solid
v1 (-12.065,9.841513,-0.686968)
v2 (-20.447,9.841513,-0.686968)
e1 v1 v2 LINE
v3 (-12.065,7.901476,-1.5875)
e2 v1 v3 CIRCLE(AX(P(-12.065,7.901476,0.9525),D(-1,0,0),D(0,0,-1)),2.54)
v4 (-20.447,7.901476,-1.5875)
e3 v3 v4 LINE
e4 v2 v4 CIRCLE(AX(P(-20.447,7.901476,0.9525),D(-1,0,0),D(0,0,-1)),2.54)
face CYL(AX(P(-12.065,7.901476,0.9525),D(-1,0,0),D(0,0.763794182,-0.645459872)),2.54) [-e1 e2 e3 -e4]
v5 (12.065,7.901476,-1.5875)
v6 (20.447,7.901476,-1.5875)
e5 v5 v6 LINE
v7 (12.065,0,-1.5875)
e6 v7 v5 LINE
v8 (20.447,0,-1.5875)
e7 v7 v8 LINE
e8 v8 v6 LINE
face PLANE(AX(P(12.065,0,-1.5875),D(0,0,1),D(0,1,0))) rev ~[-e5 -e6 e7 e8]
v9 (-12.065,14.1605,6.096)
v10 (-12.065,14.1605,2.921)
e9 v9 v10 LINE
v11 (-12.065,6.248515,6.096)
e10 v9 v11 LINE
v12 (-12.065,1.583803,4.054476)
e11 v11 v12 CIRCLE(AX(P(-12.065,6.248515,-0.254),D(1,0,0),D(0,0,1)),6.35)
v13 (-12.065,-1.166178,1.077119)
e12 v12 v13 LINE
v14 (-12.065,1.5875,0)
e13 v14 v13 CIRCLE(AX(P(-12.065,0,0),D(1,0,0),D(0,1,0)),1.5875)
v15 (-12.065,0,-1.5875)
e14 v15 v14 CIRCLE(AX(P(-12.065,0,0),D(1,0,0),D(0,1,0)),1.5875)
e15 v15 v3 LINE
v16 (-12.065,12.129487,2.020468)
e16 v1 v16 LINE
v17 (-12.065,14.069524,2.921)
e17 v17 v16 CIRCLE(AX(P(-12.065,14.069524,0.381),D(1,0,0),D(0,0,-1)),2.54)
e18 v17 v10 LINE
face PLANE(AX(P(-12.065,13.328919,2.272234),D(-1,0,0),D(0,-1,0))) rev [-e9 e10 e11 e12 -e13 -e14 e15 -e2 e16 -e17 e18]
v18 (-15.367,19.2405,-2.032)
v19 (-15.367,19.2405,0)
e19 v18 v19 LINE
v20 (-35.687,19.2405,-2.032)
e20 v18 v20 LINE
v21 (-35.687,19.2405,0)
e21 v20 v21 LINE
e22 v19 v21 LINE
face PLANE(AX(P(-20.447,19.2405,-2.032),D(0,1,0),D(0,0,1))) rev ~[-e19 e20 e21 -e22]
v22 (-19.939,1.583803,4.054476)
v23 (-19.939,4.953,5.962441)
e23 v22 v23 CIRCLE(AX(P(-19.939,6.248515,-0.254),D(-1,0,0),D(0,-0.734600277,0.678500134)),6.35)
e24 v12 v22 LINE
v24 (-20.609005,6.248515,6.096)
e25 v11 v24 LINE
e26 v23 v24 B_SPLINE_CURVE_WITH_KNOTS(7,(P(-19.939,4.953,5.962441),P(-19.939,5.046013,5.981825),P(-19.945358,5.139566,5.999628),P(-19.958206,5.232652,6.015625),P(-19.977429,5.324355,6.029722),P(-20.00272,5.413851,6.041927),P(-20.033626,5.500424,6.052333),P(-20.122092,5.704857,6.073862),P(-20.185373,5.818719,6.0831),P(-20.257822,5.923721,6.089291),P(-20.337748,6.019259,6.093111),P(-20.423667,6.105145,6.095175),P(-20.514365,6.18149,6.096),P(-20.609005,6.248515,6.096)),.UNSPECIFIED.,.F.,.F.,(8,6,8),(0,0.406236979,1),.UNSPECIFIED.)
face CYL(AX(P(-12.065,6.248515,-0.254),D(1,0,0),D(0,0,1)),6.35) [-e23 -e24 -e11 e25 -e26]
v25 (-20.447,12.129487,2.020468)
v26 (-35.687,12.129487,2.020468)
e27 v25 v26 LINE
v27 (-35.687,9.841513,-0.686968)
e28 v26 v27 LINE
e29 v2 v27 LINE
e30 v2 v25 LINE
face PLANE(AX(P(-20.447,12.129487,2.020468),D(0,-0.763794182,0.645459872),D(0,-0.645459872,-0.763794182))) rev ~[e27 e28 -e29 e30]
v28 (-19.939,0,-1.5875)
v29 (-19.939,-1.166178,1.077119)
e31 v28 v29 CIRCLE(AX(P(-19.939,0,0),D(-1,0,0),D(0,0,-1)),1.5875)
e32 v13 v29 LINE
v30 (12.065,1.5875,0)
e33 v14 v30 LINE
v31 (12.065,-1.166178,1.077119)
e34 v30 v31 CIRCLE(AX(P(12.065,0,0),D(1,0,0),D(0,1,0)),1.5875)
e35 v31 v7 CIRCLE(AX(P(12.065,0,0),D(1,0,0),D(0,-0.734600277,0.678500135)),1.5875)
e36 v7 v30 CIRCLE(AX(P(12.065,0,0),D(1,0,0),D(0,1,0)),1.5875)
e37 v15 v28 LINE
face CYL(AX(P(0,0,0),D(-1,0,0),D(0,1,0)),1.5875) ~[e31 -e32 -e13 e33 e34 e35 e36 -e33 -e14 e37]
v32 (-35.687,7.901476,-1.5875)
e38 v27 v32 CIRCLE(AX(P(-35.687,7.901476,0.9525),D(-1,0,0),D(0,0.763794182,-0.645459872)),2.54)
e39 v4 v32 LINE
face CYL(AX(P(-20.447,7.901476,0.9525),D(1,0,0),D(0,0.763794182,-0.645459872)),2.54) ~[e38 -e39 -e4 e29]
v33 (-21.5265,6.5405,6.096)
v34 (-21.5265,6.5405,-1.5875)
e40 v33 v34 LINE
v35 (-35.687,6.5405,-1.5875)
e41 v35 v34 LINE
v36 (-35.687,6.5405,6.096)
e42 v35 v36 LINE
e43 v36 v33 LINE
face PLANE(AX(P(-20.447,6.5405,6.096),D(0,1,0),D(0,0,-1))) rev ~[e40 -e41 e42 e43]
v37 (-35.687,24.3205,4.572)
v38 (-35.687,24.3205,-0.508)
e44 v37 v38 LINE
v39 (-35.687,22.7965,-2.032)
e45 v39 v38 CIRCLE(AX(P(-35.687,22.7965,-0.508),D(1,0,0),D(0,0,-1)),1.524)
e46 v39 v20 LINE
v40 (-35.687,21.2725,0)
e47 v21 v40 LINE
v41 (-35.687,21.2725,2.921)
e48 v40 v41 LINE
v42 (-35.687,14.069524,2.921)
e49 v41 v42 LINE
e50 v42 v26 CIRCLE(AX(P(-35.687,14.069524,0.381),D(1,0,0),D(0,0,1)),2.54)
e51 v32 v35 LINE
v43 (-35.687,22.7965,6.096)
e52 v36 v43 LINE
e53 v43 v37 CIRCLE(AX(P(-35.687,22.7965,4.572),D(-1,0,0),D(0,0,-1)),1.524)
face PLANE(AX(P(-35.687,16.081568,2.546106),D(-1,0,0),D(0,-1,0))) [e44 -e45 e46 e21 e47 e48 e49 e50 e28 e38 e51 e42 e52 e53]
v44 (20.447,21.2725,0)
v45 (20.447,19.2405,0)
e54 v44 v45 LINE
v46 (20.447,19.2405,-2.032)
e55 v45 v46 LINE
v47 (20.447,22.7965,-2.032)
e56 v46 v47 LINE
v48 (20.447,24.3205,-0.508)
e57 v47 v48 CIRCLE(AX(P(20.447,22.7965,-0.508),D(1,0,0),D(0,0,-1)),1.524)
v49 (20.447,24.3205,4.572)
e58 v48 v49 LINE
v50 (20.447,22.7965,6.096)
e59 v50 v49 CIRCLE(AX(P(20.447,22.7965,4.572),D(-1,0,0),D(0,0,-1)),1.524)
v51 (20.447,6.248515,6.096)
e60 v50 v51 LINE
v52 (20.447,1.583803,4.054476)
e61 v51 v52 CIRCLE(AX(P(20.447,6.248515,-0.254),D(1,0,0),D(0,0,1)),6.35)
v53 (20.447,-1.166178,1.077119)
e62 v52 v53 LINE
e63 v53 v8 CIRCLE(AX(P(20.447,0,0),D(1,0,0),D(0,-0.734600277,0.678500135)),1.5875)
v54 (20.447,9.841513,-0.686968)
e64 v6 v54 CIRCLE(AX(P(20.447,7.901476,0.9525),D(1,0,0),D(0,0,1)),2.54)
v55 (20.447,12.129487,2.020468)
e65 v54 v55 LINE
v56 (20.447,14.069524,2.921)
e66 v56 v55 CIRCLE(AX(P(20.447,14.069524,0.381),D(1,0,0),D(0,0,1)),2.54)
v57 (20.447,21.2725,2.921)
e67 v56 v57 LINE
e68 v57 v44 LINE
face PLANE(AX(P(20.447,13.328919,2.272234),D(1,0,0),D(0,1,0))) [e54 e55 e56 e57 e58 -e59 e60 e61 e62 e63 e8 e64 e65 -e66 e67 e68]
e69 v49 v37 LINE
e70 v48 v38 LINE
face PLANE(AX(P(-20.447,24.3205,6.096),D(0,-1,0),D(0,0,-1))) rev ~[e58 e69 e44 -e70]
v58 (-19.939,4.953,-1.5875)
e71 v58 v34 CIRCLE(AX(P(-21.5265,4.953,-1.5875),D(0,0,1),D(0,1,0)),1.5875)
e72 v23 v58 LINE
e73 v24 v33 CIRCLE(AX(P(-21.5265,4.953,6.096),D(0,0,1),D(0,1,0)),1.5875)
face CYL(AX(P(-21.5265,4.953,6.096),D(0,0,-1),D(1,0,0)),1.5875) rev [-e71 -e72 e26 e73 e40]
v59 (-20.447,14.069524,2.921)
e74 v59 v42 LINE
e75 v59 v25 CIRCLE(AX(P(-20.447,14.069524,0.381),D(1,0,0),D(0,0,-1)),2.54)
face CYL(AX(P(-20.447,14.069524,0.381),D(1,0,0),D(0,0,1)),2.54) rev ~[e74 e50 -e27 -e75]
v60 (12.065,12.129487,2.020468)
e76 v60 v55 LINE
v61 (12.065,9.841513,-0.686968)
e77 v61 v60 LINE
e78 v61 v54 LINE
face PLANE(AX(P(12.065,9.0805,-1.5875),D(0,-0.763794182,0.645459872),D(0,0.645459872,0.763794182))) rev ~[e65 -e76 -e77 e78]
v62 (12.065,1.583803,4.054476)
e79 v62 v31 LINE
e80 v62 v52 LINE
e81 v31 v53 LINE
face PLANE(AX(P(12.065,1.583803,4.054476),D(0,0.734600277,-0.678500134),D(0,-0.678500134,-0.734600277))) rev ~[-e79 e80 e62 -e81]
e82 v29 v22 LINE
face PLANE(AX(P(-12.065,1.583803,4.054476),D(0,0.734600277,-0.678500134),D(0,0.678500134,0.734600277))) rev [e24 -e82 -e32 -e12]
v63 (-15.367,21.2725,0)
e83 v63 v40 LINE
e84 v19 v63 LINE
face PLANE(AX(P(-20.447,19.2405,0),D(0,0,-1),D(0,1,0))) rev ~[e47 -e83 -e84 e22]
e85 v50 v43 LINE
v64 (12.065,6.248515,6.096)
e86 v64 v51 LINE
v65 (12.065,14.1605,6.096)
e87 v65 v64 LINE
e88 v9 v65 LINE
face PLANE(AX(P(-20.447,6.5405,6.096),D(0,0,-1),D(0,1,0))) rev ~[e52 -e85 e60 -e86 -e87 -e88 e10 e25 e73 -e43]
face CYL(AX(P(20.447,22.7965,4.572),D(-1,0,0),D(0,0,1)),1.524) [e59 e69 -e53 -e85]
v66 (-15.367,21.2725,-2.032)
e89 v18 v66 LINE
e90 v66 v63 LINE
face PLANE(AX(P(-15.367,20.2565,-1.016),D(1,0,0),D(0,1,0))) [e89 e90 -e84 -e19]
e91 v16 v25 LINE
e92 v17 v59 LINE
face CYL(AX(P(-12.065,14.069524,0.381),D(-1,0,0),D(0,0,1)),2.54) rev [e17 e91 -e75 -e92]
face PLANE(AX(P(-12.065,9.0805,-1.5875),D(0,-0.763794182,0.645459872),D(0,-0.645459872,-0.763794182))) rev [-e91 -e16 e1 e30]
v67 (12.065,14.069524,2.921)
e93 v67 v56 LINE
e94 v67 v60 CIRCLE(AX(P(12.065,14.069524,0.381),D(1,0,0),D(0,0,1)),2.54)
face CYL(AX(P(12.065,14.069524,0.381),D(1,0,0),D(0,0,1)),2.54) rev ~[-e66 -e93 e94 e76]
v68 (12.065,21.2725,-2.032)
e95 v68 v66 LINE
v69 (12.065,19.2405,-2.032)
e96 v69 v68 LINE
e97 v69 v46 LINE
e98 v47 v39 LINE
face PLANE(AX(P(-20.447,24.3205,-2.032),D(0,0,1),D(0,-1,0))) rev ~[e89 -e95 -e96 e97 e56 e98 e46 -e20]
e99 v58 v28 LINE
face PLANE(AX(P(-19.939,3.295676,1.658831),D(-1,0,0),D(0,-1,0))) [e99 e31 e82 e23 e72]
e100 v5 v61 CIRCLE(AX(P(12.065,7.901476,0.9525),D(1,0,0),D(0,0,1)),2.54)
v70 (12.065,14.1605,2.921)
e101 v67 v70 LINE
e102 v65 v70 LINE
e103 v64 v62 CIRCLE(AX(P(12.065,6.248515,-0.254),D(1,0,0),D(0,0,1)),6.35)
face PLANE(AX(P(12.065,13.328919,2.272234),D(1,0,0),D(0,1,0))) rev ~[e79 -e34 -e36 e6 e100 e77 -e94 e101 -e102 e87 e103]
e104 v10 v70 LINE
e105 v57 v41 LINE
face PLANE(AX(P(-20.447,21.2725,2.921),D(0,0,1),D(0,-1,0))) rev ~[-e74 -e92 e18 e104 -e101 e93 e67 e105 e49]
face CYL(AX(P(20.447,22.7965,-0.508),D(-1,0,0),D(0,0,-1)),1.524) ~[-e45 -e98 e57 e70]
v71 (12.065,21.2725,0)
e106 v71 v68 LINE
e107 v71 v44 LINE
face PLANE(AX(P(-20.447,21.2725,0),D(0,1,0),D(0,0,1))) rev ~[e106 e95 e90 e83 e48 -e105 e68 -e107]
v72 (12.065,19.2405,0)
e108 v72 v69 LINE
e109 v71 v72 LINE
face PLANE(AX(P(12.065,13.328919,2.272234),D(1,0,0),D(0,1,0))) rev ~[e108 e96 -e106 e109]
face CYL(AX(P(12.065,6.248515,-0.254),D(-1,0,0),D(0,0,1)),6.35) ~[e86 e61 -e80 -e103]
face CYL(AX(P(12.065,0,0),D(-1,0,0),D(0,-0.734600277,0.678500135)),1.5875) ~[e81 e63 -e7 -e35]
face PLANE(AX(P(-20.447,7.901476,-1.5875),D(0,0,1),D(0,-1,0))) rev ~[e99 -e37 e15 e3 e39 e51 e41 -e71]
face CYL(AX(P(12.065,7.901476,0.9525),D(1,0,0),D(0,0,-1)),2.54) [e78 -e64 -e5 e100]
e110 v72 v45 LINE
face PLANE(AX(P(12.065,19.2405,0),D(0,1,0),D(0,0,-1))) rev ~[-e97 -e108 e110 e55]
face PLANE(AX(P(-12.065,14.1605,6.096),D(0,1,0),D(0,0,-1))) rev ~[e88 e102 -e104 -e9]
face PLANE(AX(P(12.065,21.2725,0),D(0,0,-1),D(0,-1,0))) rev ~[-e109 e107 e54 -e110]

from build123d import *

# Parameters (mm, degrees)
F0_R      = 1.5875
F1_DEPTH  = 12.065
F3_DEPTH  = 8.382
F6_DEPTH  = 24.13
F7_R      = 2.54
F9_DEPTH  = 15.24
F11_DEPTH = 0.508
F12_R     = 1.524
F13_W     = 2.032
F13_H     = 2.032
F14_DEPTH = 3.302
F15_R     = 1.5875


with BuildPart() as f1:
    # F0 (on Right) → F1 (new body)
    with BuildSketch(Plane.YZ):
        Circle(F0_R)
    extrude(amount=F1_DEPTH)

    # F2 (on face) → F3 (join)
    with BuildSketch(Plane.YZ.offset(12.065)):
        with BuildLine():
            Line((24.3205, -2.032), (24.3205, 6.096))
            Line((24.3205, 6.096), (6.2485151547, 6.096))
            ThreePointArc((6.2485151547, 6.096), (3.7025695222, 5.5632726287), (1.5838033934, 4.0544758539))
            Line((1.5838033934, 4.0544758539), (-1.1661779403, 1.0771189635))
            ThreePointArc((-1.1661779403, 1.0771189635), (-1.4543181572, -0.6364864081), (0, -1.5875))
            Line((0, -1.5875), (9.0805, -1.5875))
            Line((9.0805, -1.5875), (12.8905, 2.921))
            Line((12.8905, 2.921), (21.2725, 2.921))
            Line((21.2725, 2.921), (21.2725, 0))
            Line((21.2725, 0), (19.2405, 0))
            Line((19.2405, 0), (19.2405, -2.032))
            Line((19.2405, -2.032), (24.3205, -2.032))
        make_face()
    extrude(amount=F3_DEPTH)

    # F4: F1 across plane


with BuildPart() as f1_1:
    add(f1.part)
    add(f1.part.mirror(Plane.YZ))

    # F5 (on face) → F6 (join, through all)
    with BuildSketch(Plane.YZ.offset(-12.065)):
        Polygon((24.3205, -2.032), (24.3205, 6.096), (14.1605, 6.096), (14.1605, 2.921), (21.2725, 2.921), (21.2725, -2.032), align=None)
    extrude(amount=F6_DEPTH)

    # F7
    f7_edges = [f1_1.edges().sort_by_distance(p)[0] for p in [
        (16.256, 9.0805, -1.5875),
        (16.256, 12.8905, 2.921),
        (-16.256, 9.0805, -1.5875),
        (-16.256, 12.8905, 2.921),
    ]]
    fillet(f7_edges, radius=F7_R)

    # F8 (on face) → F9 (join)
    with BuildSketch(Plane(origin=(-20.447, 0, 0), x_dir=(0, -1, 0), z_dir=(-1, 0, 0))):
        with BuildLine():
            Line((-6.5405, 6.096), (-24.3205, 6.096))
            Line((-24.3205, 6.096), (-24.3205, -2.032))
            Line((-24.3205, -2.032), (-19.2405, -2.032))
            Line((-19.2405, -2.032), (-19.2405, 0))
            Line((-19.2405, 0), (-21.2725, 0))
            Line((-21.2725, 0), (-21.2725, 2.921))
            Line((-21.2725, 2.921), (-14.0695243298, 2.921))
            ThreePointArc((-14.0695243298, 2.921), (-13.0000966588, 2.6848933258), (-12.1294871065, 2.020468076))
            Line((-12.1294871065, 2.020468076), (-9.8415128935, -0.686968076))
            ThreePointArc((-9.8415128935, -0.686968076), (-8.9709033412, -1.3513933258), (-7.9014756702, -1.5875))
            Line((-7.9014756702, -1.5875), (-6.5405, -1.5875))
            Line((-6.5405, -1.5875), (-6.5405, 6.096))
        make_face()
    extrude(amount=F9_DEPTH)

    # F10 (on face) → F11 (cut)
    with BuildSketch(Plane(origin=(-20.447, 0, 0), x_dir=(0, -1, 0), z_dir=(-1, 0, 0))):
        with BuildLine():
            ThreePointArc((-1.5838033934, 4.0544758539), (-3.7025695222, 5.5632726287), (-6.2485151547, 6.096))
            Line((-6.2485151547, 6.096), (-6.5405, 6.096))
            Line((-6.5405, 6.096), (-6.5405, -1.5875))
            Line((-6.5405, -1.5875), (0, -1.5875))
            ThreePointArc((0, -1.5875), (1.4543181572, -0.6364864081), (1.1661779403, 1.0771189635))
            Line((1.1661779403, 1.0771189635), (-1.5838033934, 4.0544758539))
        make_face()
    extrude(amount=-F11_DEPTH, mode=Mode.SUBTRACT)

    # F12
    f12_edges = [f1_1.edges().sort_by_distance(p)[0] for p in [
        (-7.62, 24.3205, 6.096),
        (-7.62, 24.3205, -2.032),
    ]]
    fillet(f12_edges, radius=F12_R)

    # F13 (on face) → F14 (cut)
    with BuildSketch(Plane.YZ.offset(-12.065)):
        with Locations((20.2565, -1.016)):
            Rectangle(F13_W, F13_H)
    extrude(amount=-F14_DEPTH, mode=Mode.SUBTRACT)

    # F15
    f15_edges = [f1_1.edges().sort_by_distance(p)[0] for p in [
        (-19.939, 6.5405, 2.25425),
    ]]
    fillet(f15_edges, radius=F15_R)


solid = f1_1.part
